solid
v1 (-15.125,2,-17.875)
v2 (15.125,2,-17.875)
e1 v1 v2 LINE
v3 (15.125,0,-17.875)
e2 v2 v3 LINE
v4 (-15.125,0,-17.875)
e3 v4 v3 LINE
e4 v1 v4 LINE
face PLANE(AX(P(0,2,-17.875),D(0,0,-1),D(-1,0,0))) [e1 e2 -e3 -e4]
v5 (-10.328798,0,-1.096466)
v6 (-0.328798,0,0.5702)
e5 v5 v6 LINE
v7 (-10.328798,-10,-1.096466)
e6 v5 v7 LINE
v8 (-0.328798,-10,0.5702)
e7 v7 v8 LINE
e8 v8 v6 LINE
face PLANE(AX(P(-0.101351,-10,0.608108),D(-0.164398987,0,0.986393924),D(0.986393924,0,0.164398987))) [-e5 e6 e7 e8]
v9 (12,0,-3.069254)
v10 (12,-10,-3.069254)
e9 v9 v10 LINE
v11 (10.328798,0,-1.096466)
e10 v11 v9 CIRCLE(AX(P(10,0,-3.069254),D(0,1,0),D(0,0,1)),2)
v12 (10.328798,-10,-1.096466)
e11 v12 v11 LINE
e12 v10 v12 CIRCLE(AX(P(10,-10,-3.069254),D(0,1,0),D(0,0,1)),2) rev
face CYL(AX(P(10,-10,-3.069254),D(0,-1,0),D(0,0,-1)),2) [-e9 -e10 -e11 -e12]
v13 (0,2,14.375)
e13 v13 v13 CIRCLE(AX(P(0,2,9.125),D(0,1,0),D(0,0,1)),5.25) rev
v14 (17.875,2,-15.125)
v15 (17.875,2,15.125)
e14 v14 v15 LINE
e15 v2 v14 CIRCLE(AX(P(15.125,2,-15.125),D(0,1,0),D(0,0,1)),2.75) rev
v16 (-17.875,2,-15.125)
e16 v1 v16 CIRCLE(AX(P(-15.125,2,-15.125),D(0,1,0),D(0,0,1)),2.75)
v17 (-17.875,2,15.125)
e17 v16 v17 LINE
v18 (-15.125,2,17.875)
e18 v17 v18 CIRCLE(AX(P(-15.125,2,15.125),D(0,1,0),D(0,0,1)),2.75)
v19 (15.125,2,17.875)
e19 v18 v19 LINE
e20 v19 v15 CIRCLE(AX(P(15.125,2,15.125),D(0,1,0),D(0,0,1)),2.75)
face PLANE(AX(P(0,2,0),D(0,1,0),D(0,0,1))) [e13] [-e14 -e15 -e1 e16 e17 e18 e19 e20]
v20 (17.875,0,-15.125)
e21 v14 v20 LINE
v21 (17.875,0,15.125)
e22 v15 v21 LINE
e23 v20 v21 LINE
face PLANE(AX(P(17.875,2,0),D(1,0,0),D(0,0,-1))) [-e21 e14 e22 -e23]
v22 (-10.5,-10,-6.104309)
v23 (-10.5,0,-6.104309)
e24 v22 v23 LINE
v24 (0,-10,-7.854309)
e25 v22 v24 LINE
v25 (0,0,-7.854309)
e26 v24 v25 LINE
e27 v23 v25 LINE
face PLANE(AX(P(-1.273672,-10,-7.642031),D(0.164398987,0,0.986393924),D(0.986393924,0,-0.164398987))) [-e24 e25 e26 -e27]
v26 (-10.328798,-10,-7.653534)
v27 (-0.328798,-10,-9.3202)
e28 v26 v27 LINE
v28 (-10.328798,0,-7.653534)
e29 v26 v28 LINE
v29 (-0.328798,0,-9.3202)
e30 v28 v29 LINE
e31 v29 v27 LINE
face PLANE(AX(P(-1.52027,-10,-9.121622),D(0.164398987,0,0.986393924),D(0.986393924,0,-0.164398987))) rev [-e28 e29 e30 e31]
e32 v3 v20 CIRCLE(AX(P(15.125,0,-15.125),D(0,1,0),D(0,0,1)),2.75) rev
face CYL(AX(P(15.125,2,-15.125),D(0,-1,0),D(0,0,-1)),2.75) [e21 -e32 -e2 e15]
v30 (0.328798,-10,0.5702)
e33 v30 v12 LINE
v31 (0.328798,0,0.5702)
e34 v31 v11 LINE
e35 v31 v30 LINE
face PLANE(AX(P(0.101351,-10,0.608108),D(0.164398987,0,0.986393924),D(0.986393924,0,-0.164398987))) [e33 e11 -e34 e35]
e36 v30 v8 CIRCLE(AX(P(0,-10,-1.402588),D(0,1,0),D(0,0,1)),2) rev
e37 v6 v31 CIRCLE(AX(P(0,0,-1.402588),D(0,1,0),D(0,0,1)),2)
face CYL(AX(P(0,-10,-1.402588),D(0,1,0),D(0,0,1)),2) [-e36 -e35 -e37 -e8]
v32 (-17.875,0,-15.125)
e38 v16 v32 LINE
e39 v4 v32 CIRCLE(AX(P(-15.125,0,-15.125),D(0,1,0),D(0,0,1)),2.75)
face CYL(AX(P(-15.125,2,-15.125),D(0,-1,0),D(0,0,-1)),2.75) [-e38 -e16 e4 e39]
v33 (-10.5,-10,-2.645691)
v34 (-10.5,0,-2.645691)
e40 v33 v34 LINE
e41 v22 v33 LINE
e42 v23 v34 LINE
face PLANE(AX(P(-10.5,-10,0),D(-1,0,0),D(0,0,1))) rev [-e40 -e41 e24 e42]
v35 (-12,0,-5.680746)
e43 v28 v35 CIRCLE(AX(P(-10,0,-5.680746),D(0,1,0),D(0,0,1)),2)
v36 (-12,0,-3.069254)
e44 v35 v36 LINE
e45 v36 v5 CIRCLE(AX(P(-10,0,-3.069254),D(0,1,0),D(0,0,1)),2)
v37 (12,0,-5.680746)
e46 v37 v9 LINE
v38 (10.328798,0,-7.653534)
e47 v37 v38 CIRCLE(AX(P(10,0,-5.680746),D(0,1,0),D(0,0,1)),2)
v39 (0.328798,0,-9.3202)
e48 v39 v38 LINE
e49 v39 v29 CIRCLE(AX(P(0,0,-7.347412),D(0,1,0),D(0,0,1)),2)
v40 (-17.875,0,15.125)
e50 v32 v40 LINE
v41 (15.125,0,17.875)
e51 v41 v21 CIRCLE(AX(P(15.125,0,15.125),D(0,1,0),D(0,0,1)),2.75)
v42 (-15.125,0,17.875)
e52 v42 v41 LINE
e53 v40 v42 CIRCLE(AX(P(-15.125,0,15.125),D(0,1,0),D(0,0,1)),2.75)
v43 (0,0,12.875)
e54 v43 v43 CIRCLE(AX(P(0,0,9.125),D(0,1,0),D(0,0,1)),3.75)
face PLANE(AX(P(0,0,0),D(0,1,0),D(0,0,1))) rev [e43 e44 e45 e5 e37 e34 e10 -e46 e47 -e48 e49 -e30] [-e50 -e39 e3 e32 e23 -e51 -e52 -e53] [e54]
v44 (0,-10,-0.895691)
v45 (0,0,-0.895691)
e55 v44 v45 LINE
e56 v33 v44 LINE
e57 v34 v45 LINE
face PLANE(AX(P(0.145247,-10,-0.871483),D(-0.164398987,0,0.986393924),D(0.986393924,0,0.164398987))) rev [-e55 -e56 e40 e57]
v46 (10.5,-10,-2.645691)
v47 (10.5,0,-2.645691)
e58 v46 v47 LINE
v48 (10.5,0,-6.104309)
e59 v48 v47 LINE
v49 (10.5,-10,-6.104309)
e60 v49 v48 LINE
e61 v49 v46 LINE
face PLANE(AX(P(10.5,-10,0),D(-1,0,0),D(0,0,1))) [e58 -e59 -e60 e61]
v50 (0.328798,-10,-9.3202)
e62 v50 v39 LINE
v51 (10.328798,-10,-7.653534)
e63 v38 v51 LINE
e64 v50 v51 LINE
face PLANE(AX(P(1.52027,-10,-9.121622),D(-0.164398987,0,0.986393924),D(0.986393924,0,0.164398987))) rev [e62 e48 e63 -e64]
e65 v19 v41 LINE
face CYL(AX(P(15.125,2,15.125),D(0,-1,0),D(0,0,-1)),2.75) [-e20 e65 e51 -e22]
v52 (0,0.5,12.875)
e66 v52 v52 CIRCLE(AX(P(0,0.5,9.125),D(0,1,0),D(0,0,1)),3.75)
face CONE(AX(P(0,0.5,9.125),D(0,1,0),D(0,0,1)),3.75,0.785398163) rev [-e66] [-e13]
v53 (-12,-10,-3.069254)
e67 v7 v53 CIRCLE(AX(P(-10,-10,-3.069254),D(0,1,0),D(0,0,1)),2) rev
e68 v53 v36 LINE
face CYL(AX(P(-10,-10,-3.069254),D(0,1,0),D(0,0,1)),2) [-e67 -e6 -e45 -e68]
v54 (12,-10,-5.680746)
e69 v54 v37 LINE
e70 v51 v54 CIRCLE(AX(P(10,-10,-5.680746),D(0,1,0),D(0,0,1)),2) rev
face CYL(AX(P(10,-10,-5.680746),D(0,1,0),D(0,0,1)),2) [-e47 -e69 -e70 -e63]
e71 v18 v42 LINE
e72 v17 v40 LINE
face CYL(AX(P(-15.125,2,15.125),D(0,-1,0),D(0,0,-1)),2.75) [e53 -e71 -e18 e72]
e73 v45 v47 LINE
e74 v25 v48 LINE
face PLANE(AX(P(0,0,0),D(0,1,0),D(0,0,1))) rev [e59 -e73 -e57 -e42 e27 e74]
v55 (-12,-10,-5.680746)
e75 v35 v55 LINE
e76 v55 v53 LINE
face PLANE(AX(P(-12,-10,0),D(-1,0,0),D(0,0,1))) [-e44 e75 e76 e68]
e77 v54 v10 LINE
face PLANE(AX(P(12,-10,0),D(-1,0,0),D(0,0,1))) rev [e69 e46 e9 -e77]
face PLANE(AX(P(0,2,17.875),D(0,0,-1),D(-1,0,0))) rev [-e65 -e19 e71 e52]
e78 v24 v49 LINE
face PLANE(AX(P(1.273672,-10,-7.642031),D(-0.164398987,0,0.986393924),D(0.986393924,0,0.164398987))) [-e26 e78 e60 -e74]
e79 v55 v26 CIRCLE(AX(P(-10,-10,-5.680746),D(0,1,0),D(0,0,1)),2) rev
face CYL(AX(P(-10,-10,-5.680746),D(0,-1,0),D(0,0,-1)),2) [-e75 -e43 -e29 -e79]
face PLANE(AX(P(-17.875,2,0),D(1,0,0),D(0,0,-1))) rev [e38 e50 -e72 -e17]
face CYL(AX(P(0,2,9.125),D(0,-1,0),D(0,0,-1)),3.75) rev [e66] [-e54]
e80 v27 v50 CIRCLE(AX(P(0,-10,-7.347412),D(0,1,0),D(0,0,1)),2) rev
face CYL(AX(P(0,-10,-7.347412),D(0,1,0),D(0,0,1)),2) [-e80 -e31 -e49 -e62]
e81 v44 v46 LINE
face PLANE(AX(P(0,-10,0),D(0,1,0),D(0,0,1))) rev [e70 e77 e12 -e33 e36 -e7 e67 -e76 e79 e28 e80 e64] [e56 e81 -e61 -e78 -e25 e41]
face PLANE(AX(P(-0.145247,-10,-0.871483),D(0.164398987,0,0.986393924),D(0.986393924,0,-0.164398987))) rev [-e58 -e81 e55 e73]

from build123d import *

# Parameters (mm, degrees)
SKIZZE1_R                       = 3.75
AUFSATZ_LINEAR_AUSTRAGEN1_DEPTH = 2
AUFSATZ_LINEAR_AUSTRAGEN2_DEPTH = 10
VERRUNDUNG1_R                   = 2
FASE2_SIZE                      = 1.5


with BuildPart() as part:
    # Skizze1 → Aufsatz-Linear austragen1 (new body)
    with BuildSketch(Plane(origin=(0, 0, 0), x_dir=(1, 0, 0), z_dir=(0, 1, 0))):
        with BuildLine():
            Line((15.125, 17.875), (-15.125, 17.875))
            ThreePointArc((-15.125, 17.875), (-17.069543648, 17.069543648), (-17.875, 15.125))
            Line((-17.875, 15.125), (-17.875, -15.125))
            ThreePointArc((-17.875, -15.125), (-17.069543648, -17.069543648), (-15.125, -17.875))
            Line((-15.125, -17.875), (15.125, -17.875))
            ThreePointArc((15.125, -17.875), (17.069543648, -17.069543648), (17.875, -15.125))
            Line((17.875, -15.125), (17.875, 15.125))
            ThreePointArc((17.875, 15.125), (17.069543648, 17.069543648), (15.125, 17.875))
        make_face()
        with Locations((0, -9.125)):
            Circle(SKIZZE1_R, mode=Mode.SUBTRACT)
    extrude(amount=AUFSATZ_LINEAR_AUSTRAGEN1_DEPTH)

    # Skizze1<6> → Aufsatz-Linear austragen2 (add)
    with BuildSketch(Plane(origin=(0, 0, 0), x_dir=(1, 0, 0), z_dir=(0, 1, 0))):
        Polygon((12, 7.375), (0, 9.375), (-12, 7.375), (-12, 1.375), (0, -0.625), (12, 1.375), align=None)
        Polygon((-10.5, 2.645690633), (-10.5, 6.104309367), (0, 7.854309367), (10.5, 6.104309367), (10.5, 2.645690633), (0, 0.895690633), align=None, mode=Mode.SUBTRACT)
    extrude(amount=-AUFSATZ_LINEAR_AUSTRAGEN2_DEPTH)

    # Verrundung1
    verrundung1_edges = [part.edges().sort_by_distance(p)[0] for p in [
        (0, -5, -9.375),
        (0, -5, 0.625),
        (12, -5, -1.375),
        (12, -5, -7.375),
        (-12, -5, -1.375),
        (-12, -5, -7.375),
    ]]
    fillet(verrundung1_edges, radius=VERRUNDUNG1_R)

    # Fase2
    fase2_edges = [part.edges().sort_by_distance(p)[0] for p in [
        (-3.75, 2, 9.125),
    ]]
    chamfer(fase2_edges, length=FASE2_SIZE)


solid = part.part
